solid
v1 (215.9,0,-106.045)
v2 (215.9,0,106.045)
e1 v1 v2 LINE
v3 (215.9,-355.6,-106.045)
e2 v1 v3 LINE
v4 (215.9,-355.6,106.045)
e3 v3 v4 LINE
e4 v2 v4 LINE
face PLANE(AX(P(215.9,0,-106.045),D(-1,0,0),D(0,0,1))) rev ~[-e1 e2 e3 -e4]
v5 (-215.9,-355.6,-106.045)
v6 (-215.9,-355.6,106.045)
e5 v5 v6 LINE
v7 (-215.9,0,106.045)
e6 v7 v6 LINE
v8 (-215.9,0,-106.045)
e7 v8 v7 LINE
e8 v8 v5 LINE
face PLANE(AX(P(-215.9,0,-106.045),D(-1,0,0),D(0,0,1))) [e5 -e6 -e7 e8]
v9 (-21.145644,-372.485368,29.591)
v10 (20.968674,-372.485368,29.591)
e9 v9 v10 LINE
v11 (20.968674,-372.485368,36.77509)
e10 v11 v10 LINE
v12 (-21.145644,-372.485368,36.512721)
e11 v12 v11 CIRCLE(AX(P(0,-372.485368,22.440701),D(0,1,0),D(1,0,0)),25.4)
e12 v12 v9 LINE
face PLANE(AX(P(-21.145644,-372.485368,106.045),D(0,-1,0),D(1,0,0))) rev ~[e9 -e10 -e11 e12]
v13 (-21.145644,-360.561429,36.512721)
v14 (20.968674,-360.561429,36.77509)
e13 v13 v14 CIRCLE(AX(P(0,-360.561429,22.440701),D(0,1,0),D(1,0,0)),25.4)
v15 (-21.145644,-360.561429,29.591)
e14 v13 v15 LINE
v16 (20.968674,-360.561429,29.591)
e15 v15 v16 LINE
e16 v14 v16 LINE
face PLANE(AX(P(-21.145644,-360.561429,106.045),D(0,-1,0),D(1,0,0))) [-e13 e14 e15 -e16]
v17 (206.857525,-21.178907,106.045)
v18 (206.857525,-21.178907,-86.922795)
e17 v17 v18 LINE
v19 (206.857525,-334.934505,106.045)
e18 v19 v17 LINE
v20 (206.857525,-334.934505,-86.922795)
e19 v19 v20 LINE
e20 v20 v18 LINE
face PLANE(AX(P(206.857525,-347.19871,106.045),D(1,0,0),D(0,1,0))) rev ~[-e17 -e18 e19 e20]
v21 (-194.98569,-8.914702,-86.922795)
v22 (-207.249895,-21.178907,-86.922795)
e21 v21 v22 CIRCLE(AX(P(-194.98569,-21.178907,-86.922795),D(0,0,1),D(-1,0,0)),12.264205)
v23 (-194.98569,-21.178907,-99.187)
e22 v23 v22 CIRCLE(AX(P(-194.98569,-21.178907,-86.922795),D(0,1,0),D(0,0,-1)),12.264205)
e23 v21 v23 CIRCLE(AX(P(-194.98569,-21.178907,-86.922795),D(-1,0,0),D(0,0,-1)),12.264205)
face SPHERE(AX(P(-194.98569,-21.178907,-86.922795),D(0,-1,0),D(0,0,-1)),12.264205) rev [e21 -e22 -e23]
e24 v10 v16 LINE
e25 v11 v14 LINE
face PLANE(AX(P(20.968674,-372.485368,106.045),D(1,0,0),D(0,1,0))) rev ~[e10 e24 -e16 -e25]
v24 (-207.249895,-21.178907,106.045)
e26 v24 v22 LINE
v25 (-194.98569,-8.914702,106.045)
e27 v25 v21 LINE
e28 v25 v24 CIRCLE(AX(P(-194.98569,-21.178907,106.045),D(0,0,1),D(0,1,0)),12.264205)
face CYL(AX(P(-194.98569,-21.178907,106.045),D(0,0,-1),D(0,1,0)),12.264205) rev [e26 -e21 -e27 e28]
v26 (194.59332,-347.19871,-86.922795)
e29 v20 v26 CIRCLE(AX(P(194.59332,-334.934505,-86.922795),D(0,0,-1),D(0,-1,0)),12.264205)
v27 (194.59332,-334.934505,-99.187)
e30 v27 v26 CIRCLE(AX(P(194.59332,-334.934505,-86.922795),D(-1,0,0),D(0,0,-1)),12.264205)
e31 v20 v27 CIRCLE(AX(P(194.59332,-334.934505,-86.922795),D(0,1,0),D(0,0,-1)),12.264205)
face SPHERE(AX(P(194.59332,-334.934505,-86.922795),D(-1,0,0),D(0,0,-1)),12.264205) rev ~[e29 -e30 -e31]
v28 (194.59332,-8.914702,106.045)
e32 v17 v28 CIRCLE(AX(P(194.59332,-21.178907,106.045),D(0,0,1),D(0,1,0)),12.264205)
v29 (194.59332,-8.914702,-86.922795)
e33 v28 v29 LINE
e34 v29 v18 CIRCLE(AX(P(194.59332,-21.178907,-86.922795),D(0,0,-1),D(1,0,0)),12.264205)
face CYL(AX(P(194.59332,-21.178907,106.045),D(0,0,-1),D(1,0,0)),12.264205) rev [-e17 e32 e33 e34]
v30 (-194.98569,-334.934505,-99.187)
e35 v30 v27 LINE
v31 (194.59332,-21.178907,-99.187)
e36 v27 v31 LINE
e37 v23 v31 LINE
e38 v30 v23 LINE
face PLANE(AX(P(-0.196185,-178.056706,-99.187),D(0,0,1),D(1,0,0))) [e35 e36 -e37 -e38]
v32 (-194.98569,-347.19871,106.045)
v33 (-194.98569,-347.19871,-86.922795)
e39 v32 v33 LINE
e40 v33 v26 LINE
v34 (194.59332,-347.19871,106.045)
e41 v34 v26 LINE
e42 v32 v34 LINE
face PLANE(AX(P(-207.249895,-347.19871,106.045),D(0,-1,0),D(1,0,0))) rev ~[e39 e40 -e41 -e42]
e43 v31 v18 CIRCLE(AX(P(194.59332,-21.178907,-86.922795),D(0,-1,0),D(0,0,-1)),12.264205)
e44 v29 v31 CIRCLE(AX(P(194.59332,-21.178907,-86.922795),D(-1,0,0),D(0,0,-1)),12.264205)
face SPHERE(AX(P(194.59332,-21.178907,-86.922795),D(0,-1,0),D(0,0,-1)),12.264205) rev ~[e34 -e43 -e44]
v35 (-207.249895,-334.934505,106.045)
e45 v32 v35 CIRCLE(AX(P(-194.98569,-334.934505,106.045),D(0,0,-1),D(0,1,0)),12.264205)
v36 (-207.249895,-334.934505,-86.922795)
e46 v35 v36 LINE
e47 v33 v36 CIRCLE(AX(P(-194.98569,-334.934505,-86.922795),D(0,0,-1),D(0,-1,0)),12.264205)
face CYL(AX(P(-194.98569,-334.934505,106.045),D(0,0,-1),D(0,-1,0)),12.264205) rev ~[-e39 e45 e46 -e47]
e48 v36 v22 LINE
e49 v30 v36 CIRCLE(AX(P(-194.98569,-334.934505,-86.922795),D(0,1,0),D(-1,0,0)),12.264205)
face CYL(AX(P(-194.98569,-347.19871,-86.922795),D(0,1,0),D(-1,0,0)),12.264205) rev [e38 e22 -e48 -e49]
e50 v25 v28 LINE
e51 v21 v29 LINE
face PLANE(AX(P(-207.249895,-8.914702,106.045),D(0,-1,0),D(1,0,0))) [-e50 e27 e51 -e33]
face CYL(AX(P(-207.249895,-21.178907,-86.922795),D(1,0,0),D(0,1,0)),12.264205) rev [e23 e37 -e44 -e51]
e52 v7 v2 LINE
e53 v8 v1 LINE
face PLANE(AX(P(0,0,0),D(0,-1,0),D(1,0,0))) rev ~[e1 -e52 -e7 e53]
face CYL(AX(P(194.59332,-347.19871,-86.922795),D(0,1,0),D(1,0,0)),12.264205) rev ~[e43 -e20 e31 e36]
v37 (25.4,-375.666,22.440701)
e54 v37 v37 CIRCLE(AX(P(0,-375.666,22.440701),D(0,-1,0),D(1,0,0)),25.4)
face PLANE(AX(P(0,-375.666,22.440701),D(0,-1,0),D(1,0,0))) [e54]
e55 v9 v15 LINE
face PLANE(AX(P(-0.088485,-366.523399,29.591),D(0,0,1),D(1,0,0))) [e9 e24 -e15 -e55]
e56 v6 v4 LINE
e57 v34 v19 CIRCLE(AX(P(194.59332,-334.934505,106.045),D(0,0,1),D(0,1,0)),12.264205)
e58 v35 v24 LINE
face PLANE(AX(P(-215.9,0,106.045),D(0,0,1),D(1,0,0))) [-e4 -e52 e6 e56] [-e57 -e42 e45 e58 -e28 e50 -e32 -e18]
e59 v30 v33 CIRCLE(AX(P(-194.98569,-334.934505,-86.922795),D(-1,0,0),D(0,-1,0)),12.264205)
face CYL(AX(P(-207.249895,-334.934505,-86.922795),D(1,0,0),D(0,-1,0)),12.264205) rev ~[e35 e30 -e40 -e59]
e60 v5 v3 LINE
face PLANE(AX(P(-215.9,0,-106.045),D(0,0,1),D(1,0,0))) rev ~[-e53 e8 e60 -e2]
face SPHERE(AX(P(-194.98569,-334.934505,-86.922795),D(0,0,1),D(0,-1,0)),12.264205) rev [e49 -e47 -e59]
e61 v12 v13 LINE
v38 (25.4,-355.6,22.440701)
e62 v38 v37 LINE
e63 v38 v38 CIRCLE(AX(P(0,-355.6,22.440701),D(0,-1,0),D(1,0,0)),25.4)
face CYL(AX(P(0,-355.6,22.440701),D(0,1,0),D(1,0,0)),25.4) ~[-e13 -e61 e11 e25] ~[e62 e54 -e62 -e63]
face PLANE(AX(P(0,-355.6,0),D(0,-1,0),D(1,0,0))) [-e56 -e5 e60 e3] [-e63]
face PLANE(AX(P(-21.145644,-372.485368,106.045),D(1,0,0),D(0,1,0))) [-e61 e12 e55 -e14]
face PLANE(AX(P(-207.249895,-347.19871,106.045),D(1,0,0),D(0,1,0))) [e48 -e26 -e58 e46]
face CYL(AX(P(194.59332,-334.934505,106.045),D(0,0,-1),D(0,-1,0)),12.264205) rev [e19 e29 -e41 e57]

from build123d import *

# Parameters (mm, degrees)
F0_W     = 431.8
F0_H     = 212.09
F1_DEPTH = 355.6
F2_W     = 414.10742
F2_H     = 338.284008
F3_DEPTH = 205.232
F4_R     = 25.4
F5_DEPTH = 20.066
F6_R     = 12.264205
F7_W     = 42.114318
F7_H     = 11.923939
F8_DEPTH = 76.454


with BuildPart() as f1:
    # F0 (on Front) → F1 (new body)
    with BuildSketch(Plane.XZ):
        Rectangle(F0_W, F0_H)
    extrude(amount=F1_DEPTH)

    # F2 (on face) → F3 (cut)
    with BuildSketch(Plane.XY.offset(106.045)):
        with Locations((-0.196185, -178.056706)):
            Rectangle(F2_W, F2_H)
    extrude(amount=-F3_DEPTH, mode=Mode.SUBTRACT)

    # F4 (on face) → F5 (join)
    with BuildSketch(Plane.XZ.offset(355.6)):
        with Locations((0, 22.440701)):
            Circle(F4_R)
    extrude(amount=F5_DEPTH)

    # F6
    f6_edges = [f1.edges().sort_by_distance(p)[0] for p in [
        (-207.249895, -347.19871, 3.429),
        (-0.196185, -347.19871, -99.187),
        (-207.249895, -178.056706, -99.187),
        (206.857525, -178.056706, -99.187),
        (206.857525, -347.19871, 3.429),
        (-0.196185, -8.914702, -99.187),
        (-207.249895, -8.914702, 3.429),
        (206.857525, -8.914702, 3.429),
    ]]
    fillet(f6_edges, radius=F6_R)

    # F7 (on face) → F8 (cut)
    with BuildSketch(Plane.XY.offset(106.045)):
        with Locations((-0.088485, -366.523399)):
            Rectangle(F7_W, F7_H)
    extrude(amount=-F8_DEPTH, mode=Mode.SUBTRACT)


solid = f1.part
